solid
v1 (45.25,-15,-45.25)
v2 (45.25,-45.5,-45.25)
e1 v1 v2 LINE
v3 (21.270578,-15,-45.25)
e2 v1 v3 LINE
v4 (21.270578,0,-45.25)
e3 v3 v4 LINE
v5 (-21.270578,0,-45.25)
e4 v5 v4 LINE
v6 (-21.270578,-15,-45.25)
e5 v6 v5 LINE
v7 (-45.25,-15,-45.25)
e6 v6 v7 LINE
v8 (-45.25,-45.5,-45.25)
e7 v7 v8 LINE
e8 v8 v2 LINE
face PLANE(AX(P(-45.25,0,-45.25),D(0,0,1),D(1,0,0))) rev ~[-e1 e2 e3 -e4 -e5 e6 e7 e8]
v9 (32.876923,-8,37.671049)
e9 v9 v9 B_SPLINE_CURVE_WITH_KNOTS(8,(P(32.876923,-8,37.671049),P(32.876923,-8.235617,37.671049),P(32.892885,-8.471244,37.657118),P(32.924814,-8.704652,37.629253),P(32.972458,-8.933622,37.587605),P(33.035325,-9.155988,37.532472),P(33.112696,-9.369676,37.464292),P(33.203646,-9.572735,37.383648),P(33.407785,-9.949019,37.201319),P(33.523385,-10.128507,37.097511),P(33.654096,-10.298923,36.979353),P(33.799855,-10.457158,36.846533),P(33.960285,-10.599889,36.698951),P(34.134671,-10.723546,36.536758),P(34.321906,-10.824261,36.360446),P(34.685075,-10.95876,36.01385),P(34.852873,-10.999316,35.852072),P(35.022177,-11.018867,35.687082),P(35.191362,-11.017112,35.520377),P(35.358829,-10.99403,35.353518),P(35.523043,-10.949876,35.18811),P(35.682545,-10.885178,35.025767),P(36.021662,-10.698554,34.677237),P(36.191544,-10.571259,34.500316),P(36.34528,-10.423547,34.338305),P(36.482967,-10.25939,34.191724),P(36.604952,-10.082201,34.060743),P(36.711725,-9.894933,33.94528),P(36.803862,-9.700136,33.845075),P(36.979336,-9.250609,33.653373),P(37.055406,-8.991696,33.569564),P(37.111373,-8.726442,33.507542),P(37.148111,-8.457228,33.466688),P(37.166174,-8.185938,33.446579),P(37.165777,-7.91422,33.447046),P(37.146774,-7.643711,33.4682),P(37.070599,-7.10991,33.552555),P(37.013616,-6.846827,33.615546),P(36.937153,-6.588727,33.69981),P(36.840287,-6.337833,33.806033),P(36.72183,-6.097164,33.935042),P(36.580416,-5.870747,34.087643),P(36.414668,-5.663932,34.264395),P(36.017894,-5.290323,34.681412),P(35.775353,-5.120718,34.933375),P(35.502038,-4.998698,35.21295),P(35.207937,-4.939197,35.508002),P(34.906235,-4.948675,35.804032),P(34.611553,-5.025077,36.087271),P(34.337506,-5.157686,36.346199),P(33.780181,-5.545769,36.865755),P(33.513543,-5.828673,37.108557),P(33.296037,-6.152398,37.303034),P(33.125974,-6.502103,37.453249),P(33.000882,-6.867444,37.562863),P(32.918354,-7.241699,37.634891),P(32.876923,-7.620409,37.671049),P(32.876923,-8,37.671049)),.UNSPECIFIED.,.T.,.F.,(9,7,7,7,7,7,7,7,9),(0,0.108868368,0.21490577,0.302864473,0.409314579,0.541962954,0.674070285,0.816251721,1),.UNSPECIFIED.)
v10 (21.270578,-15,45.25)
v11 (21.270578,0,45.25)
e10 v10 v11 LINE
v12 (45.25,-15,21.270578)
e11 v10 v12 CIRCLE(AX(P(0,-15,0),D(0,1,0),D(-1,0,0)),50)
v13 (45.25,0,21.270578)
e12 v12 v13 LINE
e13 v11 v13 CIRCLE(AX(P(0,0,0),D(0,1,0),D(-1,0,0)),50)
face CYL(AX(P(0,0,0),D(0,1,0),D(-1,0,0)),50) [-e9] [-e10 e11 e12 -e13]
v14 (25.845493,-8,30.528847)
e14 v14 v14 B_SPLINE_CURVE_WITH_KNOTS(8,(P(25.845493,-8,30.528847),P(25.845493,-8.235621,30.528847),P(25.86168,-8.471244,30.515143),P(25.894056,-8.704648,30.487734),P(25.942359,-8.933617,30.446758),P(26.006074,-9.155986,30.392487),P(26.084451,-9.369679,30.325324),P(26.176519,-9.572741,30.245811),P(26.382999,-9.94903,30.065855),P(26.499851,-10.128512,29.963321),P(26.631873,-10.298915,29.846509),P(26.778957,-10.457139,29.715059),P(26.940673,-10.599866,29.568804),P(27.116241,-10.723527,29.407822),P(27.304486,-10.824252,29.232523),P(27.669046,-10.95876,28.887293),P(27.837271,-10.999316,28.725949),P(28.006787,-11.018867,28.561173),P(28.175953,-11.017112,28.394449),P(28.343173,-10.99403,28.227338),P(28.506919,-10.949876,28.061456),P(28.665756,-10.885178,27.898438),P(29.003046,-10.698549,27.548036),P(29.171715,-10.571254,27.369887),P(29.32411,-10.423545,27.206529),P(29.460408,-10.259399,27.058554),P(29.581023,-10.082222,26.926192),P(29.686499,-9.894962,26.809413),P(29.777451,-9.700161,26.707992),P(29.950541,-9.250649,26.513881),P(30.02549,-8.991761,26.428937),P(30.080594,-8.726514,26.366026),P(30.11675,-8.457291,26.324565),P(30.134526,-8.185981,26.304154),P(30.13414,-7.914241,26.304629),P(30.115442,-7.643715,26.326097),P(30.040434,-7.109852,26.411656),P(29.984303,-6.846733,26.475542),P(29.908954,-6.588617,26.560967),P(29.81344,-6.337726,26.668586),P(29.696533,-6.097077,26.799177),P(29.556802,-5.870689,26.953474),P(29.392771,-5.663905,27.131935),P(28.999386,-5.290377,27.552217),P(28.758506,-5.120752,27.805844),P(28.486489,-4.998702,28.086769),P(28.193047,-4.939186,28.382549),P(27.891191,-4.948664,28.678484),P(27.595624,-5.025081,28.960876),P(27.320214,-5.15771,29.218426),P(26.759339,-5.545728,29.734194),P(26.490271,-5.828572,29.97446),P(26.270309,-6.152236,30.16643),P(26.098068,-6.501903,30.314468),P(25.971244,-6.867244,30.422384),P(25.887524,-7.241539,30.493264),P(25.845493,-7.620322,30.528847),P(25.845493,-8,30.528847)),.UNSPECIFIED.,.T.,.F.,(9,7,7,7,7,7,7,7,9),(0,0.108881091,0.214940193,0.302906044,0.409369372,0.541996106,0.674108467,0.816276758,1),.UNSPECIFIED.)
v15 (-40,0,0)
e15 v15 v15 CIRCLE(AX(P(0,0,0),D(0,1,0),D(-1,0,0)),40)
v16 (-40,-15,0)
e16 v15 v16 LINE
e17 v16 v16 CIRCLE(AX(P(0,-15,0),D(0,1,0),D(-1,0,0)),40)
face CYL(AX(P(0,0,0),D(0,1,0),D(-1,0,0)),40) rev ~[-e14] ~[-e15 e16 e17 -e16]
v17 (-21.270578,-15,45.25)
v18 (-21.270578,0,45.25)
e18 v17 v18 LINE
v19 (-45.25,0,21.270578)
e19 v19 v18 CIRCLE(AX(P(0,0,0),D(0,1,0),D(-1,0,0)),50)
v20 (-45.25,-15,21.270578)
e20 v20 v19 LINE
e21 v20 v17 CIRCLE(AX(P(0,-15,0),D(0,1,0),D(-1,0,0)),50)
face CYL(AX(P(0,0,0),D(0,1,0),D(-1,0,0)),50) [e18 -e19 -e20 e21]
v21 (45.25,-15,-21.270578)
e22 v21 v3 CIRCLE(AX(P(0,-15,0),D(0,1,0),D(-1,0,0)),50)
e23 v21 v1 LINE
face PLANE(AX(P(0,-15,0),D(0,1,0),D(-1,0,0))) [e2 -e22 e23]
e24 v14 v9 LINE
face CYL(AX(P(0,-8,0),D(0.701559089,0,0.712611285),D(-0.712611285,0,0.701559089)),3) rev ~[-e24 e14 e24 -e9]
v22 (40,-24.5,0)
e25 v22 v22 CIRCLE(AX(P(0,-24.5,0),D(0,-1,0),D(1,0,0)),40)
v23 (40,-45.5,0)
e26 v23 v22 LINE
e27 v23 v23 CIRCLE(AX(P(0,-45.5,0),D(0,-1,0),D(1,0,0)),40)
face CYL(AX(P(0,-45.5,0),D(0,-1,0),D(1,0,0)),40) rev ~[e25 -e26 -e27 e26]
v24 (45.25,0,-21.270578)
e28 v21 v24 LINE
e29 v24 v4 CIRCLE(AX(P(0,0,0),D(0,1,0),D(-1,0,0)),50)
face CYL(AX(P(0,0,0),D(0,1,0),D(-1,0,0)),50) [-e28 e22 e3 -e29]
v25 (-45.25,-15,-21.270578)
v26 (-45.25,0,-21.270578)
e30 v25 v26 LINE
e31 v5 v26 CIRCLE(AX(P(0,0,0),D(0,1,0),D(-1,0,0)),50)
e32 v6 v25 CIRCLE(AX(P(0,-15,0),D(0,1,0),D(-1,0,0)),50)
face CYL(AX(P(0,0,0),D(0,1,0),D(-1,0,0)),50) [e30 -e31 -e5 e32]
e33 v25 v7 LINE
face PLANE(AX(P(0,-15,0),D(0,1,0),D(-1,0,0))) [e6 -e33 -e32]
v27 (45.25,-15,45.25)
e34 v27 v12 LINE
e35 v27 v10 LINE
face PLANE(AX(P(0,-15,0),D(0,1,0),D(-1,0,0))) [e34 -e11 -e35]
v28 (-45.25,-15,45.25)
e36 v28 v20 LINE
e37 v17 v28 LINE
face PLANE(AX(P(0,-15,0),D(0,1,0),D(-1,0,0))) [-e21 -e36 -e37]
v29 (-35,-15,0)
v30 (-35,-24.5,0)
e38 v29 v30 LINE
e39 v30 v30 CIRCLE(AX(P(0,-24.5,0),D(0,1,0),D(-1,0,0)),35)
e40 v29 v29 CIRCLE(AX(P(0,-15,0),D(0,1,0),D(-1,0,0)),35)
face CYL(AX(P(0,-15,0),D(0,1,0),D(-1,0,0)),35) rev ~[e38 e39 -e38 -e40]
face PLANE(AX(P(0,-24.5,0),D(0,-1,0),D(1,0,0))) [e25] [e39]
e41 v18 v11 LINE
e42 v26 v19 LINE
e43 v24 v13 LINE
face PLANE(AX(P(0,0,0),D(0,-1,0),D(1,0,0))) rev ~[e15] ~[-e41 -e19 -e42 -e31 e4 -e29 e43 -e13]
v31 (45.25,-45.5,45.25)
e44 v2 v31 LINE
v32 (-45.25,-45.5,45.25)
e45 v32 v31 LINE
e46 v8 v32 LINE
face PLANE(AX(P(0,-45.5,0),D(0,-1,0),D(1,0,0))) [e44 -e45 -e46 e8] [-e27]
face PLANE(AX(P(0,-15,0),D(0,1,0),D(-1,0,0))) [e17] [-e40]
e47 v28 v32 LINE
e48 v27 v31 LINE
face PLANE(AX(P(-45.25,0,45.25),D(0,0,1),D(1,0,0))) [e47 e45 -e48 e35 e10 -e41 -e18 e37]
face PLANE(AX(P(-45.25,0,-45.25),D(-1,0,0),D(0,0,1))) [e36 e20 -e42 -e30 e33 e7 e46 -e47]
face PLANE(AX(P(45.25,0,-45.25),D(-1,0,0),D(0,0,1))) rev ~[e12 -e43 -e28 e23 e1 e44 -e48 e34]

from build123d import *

# Parameters (mm, degrees)
F0_W     = 90.5
F0_H     = 90.5
F1_DEPTH = 45.5
F2_R     = 40
F3_DEPTH = 15
F4_R     = 35
F5_DEPTH = 25
F6_R     = 40
F7_DEPTH = 21
F8_R     = 72.40088581
F8_R_2   = 50
F9_DEPTH = 15


with BuildPart() as f1:
    # F0 (on Front) → F1 (new body)
    with BuildSketch(Plane.XZ):
        Rectangle(F0_W, F0_H)
    extrude(amount=F1_DEPTH)

    # F2 (on face) → F3 (cut)
    with BuildSketch(Plane(origin=(0, 0, 0), x_dir=(-1, 0, 0), z_dir=(0, 1, 0))):
        Circle(F2_R)
    extrude(amount=-F3_DEPTH, mode=Mode.SUBTRACT)

    # F4 (on face) → F5 (cut)
    with BuildSketch(Plane(origin=(0, -15, 0), x_dir=(-1, 0, 0), z_dir=(0, 1, 0))):
        Circle(F4_R)
    extrude(amount=-F5_DEPTH, mode=Mode.SUBTRACT)

    # F6 (on face) → F7 (cut)
    with BuildSketch(Plane.XZ.offset(45.5)):
        Circle(F6_R)
    extrude(amount=-F7_DEPTH, mode=Mode.SUBTRACT)

    # F8 (on face) → F9 (cut)
    with BuildSketch(Plane(origin=(0, 0, 0), x_dir=(-1, 0, 0), z_dir=(0, 1, 0))):
        Circle(F8_R)
        Circle(F8_R_2, mode=Mode.SUBTRACT)
    extrude(amount=-F9_DEPTH, mode=Mode.SUBTRACT)

    # F11 (on offset) → F12 (revolve, cut)
    with BuildSketch(Plane(origin=(0, -8, 0), x_dir=(-1, 0, 0), z_dir=(0, 1, 0))):
        Polygon((-45.1513193548, 45.8626225591), (0, 0), (2.1378338561, 2.1046772683), (-43.0134854987, 47.9672998274), align=None)
    revolve(axis=Axis((22.5756596774, -8, 22.9313112795), (0.7015590894, 0, 0.7126112854)), mode=Mode.SUBTRACT)


solid = f1.part
